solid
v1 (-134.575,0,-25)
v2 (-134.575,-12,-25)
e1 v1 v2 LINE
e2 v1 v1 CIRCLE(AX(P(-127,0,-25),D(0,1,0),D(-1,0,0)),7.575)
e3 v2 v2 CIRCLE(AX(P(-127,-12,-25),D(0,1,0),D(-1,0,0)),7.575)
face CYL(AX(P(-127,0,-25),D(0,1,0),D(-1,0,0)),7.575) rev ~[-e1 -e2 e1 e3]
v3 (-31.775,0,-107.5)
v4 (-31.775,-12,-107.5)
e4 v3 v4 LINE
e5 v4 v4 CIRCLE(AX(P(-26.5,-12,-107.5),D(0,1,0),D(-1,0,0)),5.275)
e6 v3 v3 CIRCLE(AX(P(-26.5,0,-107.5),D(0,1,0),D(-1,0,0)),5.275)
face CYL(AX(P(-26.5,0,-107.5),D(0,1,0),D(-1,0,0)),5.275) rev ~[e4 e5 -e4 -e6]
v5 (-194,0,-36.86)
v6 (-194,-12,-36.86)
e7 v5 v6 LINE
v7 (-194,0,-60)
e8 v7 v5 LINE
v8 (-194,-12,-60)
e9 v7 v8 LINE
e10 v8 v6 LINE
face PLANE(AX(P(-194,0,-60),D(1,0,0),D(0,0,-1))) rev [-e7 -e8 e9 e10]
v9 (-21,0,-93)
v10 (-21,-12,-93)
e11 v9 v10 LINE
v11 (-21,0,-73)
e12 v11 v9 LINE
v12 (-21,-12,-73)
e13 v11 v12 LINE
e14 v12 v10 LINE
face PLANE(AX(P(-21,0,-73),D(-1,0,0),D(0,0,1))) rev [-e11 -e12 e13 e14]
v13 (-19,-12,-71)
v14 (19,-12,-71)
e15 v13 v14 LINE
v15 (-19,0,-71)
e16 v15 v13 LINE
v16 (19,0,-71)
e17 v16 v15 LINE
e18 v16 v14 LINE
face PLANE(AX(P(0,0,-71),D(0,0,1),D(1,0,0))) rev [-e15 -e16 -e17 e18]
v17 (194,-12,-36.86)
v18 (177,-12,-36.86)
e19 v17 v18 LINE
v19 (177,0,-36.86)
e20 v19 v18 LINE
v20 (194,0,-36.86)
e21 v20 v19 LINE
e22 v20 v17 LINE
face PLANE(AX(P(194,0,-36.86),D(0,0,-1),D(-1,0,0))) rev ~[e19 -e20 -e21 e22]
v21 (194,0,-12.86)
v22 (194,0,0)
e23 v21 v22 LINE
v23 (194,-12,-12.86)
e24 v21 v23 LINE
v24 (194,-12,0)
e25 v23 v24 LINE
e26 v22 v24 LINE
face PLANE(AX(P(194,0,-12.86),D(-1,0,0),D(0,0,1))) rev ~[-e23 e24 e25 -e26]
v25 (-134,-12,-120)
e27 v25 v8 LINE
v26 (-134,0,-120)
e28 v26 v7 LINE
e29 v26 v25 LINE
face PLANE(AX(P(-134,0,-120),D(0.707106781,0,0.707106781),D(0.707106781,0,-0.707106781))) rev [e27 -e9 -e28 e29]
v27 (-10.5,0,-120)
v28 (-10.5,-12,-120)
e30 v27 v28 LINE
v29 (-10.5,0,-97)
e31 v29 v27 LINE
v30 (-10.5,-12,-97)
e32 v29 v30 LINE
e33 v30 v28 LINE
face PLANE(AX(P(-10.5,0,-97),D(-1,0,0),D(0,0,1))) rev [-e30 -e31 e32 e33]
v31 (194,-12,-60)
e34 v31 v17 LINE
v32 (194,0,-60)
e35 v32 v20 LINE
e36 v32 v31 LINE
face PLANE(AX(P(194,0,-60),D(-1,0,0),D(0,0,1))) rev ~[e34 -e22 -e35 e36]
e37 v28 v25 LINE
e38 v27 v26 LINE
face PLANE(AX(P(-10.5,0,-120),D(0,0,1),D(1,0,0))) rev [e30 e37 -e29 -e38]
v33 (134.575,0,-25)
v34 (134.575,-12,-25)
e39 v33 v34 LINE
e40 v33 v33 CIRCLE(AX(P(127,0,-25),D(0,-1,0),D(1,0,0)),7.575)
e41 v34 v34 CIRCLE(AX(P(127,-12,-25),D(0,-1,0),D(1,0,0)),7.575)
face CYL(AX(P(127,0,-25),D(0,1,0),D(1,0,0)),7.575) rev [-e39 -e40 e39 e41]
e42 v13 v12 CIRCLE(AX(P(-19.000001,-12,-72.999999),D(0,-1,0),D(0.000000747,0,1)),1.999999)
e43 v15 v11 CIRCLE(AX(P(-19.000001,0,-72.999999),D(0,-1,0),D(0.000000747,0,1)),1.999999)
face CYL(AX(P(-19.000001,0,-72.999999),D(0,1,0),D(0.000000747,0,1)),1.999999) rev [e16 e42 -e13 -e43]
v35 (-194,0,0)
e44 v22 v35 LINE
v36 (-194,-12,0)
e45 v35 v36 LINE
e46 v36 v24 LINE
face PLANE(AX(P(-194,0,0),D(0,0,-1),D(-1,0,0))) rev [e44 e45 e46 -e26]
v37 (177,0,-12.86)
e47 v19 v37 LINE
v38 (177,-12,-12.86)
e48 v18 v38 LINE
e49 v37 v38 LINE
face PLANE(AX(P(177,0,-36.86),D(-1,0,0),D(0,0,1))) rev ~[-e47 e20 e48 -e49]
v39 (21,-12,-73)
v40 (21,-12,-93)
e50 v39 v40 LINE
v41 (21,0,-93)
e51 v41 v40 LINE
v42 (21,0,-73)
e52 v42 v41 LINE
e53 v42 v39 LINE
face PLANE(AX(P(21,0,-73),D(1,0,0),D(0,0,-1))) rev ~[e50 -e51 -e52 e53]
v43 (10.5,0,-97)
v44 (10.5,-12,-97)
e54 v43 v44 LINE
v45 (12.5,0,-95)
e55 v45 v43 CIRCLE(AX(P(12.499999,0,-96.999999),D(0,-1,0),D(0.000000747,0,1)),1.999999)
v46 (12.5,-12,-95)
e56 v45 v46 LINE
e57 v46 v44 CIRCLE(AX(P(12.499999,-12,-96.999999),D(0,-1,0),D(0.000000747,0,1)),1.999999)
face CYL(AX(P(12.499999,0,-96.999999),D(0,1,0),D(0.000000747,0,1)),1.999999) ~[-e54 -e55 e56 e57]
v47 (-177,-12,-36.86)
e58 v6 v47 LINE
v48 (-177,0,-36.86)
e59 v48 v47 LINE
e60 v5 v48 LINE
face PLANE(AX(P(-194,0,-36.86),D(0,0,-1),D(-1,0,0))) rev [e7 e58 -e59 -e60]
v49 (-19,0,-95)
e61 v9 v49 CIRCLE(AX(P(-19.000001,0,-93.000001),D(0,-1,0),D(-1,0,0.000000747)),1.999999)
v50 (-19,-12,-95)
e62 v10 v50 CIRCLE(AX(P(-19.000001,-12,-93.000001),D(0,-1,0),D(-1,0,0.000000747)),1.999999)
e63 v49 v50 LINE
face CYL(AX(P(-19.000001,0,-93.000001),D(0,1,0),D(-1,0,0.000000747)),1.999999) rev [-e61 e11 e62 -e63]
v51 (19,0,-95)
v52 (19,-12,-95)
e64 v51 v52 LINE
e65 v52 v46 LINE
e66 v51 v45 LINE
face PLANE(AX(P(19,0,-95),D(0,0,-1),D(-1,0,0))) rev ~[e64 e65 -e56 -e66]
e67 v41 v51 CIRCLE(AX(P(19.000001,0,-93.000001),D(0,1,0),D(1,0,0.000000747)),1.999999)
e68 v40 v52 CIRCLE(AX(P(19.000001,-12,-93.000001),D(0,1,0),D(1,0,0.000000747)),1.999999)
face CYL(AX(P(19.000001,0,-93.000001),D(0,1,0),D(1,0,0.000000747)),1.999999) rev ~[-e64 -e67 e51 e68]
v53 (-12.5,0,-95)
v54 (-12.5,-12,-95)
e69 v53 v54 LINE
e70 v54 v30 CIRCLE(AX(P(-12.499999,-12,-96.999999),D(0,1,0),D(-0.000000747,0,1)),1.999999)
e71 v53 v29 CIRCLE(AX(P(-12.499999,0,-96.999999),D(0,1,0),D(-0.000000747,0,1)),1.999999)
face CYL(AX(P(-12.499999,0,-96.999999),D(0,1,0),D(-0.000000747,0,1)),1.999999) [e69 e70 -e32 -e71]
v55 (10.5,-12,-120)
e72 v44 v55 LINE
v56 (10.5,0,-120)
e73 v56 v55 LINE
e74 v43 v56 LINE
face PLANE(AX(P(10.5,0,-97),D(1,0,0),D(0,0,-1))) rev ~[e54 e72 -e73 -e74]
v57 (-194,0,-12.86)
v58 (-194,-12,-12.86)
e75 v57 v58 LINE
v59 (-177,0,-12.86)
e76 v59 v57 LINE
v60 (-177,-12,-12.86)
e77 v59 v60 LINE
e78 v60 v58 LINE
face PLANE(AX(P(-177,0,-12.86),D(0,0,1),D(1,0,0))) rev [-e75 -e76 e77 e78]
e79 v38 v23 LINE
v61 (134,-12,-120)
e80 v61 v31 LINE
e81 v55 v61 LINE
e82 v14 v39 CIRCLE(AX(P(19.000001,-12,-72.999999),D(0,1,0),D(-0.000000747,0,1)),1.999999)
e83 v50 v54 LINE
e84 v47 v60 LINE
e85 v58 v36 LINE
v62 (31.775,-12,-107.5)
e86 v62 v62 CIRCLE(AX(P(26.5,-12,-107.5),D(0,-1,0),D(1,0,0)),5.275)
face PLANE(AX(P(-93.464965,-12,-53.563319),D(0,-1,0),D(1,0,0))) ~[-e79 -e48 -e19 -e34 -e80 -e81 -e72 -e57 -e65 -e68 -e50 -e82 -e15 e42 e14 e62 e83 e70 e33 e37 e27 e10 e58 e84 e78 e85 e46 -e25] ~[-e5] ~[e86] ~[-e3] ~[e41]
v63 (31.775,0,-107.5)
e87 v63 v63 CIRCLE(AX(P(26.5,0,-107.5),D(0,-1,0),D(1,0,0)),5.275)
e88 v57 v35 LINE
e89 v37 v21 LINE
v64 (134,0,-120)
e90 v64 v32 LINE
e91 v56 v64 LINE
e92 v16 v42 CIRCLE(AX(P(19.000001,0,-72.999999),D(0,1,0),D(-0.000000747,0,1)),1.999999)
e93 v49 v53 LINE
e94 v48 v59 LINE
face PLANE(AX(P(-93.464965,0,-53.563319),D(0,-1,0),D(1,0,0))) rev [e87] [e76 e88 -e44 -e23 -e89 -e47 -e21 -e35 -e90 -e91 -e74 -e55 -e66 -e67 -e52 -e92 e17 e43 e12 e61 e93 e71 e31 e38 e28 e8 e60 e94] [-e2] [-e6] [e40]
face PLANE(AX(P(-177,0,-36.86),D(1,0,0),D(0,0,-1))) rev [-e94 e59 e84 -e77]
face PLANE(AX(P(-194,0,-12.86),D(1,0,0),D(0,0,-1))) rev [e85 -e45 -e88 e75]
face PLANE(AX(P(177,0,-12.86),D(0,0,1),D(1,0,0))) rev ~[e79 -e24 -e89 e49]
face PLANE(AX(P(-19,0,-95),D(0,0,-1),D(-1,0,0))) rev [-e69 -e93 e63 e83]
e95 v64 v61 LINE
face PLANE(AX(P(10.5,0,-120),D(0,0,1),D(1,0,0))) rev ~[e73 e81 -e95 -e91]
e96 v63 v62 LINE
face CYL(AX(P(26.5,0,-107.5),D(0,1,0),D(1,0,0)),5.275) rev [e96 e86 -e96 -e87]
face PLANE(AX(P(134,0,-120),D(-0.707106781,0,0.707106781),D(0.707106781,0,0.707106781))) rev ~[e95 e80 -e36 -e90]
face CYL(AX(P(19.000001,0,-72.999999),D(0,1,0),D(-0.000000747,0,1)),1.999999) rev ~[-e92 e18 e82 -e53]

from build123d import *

# Parameters (mm, degrees)
F0_R     = 5.275
F0_R_2   = 7.575
F1_DEPTH = 12


with BuildPart() as f1:
    # F0 (on Front) → F1 (new body)
    with BuildSketch(Plane.XZ):
        with BuildLine():
            Line((194, 0), (0, 0))
            Line((0, 0), (0, -71))
            Line((0, -71), (19, -71))
            ThreePointArc((19, -71), (20.414214, -71.585786), (21, -73))
            Line((21, -73), (21, -93))
            ThreePointArc((21, -93), (20.414214, -94.414214), (19, -95))
            Line((19, -95), (12.5, -95))
            ThreePointArc((12.5, -95), (11.085786, -95.585786), (10.5, -97))
            Line((10.5, -97), (10.5, -120))
            Line((10.5, -120), (134, -120))
            Line((134, -120), (194, -60))
            Line((194, -60), (194, -36.86))
            Line((194, -36.86), (177, -36.86))
            Line((177, -36.86), (177, -12.86))
            Line((177, -12.86), (194, -12.86))
            Line((194, -12.86), (194, 0))
        make_face()
        with Locations((26.5, -107.5)):
            Circle(F0_R, mode=Mode.SUBTRACT)
        with Locations((127, -25)):
            Circle(F0_R_2, mode=Mode.SUBTRACT)
    extrude(amount=F1_DEPTH)

    # F2: F1 across face


with BuildPart() as f1_1:
    add(f1.part)
    add(f1.part.mirror(Plane(origin=(0, -6, -35.5), x_dir=(0, -1, 0), z_dir=(-1, 0, 0))))


solid = f1_1.part
